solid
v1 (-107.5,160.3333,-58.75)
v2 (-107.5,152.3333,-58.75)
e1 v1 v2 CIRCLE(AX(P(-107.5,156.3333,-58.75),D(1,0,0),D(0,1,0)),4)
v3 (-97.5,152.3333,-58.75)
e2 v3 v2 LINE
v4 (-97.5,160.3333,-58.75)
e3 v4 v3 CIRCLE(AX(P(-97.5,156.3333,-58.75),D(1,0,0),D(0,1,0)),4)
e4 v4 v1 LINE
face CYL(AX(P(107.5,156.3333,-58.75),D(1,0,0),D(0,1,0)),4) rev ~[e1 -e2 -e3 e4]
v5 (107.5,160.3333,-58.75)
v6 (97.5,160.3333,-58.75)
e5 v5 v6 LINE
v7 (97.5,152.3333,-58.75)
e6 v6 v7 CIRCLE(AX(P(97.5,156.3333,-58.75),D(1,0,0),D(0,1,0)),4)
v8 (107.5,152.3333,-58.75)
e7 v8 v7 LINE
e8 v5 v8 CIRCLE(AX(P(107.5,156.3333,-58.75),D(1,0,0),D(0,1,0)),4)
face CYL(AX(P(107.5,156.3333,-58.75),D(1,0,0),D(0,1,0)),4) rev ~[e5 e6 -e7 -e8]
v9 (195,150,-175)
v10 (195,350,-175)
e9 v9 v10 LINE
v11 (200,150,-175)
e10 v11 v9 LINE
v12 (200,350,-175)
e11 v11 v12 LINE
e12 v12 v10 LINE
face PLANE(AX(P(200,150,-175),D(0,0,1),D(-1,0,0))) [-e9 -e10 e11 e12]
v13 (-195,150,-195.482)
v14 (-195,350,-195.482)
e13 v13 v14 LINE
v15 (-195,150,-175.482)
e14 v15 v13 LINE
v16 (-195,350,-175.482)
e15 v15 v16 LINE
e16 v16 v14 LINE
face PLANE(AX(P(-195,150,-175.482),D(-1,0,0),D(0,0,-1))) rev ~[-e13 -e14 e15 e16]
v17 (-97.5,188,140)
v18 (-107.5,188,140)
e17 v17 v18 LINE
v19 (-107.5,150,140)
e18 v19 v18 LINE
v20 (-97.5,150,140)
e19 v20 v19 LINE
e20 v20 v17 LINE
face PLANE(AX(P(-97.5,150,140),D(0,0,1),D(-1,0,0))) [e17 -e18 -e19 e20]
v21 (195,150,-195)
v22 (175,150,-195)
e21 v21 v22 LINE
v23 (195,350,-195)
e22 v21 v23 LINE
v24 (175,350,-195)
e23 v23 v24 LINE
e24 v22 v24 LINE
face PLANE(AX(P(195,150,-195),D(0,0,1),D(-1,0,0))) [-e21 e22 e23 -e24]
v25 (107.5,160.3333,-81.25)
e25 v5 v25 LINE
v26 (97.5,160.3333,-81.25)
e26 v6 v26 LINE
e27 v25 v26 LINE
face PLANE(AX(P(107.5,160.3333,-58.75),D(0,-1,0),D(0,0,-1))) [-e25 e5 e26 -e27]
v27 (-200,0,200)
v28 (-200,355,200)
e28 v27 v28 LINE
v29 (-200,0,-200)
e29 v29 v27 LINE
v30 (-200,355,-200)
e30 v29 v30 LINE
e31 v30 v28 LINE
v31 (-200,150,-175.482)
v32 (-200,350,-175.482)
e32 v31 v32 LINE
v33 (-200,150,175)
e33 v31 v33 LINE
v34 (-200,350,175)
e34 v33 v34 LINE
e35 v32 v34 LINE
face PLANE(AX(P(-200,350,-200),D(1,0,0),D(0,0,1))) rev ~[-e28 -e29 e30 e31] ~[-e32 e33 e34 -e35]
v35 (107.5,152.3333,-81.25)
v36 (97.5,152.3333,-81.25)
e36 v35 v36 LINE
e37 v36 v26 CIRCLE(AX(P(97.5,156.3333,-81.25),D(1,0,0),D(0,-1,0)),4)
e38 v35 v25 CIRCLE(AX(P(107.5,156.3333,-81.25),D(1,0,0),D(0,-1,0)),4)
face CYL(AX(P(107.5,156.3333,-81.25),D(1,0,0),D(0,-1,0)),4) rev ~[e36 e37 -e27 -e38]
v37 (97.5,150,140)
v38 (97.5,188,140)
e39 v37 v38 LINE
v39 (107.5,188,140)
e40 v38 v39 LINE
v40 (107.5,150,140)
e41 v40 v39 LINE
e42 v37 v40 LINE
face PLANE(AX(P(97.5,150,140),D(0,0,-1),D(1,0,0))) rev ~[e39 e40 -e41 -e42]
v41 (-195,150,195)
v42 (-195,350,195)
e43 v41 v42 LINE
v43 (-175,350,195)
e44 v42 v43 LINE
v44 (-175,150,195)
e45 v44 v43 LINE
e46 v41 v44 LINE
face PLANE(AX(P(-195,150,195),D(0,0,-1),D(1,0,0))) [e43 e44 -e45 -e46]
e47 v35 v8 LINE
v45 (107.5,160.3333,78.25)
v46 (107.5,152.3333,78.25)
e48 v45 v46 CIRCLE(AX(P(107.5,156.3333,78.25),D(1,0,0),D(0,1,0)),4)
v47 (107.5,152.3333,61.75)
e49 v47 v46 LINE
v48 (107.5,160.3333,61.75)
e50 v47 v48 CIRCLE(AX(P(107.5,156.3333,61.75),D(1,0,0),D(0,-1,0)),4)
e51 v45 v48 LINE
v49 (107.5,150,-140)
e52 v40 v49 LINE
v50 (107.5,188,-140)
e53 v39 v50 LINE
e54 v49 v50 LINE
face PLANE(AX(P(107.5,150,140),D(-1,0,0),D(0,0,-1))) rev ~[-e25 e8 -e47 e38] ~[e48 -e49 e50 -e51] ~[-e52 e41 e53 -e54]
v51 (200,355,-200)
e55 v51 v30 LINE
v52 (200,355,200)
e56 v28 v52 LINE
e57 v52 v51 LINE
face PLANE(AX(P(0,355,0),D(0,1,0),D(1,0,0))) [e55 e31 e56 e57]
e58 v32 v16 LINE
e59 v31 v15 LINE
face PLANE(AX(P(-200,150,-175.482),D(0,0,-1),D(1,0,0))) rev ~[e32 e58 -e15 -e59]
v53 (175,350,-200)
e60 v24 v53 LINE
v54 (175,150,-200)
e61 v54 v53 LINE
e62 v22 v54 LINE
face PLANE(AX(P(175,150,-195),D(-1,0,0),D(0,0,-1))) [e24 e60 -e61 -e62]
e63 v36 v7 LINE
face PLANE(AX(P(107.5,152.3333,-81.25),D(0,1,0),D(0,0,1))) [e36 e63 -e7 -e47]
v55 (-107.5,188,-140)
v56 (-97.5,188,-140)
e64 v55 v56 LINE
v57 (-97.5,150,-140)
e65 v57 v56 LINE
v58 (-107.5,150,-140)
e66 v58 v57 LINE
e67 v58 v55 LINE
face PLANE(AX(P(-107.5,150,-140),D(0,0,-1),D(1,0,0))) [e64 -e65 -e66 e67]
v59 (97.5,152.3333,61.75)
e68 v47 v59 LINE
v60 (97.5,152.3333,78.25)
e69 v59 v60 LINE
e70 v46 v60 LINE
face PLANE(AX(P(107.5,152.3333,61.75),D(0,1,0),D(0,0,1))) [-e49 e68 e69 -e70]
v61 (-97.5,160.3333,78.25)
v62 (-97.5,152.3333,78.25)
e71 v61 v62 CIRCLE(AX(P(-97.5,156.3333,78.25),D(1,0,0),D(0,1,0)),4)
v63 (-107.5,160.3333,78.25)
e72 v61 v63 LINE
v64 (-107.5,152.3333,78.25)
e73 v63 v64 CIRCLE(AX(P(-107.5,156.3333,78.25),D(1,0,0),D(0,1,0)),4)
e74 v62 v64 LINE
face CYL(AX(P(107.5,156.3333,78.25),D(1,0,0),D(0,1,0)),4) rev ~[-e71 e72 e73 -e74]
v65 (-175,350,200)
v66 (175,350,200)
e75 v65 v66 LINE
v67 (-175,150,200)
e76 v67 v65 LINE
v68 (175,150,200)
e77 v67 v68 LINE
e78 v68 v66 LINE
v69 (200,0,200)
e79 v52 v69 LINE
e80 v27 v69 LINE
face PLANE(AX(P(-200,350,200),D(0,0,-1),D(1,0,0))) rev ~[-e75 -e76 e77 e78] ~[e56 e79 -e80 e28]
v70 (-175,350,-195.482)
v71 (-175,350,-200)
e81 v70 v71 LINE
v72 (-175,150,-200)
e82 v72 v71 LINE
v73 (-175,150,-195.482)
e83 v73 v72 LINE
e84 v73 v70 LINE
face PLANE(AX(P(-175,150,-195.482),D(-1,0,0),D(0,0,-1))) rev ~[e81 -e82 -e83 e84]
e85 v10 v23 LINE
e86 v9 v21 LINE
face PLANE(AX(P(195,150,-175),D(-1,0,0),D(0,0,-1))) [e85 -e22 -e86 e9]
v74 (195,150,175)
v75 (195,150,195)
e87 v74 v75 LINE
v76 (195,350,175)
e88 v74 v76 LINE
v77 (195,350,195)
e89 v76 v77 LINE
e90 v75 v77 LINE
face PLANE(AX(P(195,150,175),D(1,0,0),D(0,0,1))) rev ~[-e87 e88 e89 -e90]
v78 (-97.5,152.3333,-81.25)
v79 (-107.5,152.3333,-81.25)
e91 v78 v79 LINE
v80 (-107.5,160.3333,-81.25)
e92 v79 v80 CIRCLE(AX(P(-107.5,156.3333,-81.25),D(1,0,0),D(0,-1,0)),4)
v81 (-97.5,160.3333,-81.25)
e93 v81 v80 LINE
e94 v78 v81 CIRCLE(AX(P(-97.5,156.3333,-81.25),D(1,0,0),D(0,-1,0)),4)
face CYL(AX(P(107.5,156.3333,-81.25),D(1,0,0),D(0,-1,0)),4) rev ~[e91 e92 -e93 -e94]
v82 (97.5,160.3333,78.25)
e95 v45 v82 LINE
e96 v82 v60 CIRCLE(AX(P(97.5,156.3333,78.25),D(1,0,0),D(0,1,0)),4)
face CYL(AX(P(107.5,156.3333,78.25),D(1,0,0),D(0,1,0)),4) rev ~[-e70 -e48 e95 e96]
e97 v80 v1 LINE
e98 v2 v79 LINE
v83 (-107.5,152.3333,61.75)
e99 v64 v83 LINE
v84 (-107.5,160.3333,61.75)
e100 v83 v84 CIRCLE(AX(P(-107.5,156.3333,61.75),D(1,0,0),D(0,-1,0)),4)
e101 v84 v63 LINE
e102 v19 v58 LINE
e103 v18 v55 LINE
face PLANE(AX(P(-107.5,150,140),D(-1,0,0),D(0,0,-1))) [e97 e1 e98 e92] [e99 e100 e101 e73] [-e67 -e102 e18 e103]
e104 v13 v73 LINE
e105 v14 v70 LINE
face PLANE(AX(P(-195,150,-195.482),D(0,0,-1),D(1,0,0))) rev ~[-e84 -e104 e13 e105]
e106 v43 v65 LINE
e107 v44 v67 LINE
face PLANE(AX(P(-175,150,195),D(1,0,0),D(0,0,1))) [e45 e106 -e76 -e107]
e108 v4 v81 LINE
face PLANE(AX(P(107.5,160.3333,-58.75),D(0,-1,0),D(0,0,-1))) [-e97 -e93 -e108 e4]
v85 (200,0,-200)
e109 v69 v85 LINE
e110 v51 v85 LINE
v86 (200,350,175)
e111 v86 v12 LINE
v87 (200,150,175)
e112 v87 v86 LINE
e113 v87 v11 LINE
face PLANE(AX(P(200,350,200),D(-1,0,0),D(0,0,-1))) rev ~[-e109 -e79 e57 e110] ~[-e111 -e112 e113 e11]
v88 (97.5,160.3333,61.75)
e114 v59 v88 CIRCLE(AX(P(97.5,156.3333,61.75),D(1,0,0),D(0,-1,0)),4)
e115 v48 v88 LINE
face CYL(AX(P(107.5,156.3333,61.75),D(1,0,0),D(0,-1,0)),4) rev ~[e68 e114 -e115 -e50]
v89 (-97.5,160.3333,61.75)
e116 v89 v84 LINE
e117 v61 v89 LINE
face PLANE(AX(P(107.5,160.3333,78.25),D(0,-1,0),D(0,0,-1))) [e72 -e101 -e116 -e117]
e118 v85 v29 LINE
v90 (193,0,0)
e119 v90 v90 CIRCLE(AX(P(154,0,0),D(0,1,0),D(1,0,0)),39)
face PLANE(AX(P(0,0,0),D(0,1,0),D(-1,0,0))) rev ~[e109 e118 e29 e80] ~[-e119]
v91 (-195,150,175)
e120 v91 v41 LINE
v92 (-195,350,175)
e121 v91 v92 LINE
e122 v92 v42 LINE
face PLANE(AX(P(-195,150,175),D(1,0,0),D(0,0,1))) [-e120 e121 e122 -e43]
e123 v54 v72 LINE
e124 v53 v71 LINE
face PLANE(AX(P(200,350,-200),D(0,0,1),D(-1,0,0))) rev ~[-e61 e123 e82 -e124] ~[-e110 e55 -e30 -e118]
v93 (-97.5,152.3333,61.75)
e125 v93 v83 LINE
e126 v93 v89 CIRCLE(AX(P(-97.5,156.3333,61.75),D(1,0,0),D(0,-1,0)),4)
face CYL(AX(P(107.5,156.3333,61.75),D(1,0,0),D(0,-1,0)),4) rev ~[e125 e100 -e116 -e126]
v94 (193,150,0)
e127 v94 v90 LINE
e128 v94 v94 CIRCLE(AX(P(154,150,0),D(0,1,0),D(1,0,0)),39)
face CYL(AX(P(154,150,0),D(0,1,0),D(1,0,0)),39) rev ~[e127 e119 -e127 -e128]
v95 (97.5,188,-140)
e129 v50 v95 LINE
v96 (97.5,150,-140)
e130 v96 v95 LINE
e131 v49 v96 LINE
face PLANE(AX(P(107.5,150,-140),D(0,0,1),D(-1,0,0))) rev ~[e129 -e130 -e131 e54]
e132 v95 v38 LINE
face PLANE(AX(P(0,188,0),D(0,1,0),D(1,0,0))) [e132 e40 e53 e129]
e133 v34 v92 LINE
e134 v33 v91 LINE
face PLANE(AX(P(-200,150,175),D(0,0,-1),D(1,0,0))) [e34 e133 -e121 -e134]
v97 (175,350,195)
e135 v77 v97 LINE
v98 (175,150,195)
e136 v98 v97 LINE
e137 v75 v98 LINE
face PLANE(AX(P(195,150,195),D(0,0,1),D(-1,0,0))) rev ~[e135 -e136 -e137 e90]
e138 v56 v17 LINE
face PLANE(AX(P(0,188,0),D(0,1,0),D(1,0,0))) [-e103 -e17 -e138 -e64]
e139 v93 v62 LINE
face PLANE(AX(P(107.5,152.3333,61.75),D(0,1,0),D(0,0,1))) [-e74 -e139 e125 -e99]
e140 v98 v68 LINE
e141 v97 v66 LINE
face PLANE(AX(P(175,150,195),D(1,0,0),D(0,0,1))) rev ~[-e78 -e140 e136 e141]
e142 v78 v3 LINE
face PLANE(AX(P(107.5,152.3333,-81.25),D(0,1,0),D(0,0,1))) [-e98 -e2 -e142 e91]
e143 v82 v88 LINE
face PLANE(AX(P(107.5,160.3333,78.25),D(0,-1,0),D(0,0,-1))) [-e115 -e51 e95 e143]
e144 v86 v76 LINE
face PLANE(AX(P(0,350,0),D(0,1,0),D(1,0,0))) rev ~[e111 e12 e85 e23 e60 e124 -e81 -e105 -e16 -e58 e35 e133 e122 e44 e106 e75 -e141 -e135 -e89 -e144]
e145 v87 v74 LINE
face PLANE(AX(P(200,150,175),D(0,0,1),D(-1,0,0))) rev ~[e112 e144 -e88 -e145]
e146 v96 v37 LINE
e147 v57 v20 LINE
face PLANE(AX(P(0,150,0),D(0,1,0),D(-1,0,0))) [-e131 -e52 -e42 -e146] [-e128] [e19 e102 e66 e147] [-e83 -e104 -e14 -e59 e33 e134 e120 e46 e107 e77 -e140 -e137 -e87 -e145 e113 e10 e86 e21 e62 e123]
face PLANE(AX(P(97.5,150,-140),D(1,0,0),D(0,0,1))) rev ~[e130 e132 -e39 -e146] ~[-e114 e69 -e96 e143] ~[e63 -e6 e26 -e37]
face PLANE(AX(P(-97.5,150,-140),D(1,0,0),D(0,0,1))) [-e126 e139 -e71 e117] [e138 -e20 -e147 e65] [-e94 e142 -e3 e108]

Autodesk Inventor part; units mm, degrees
ref_plane "YZ Plane" through (0, 0, 0) normal (1, 0, 0) x (0, 1, 0)
ref_plane "XZ Plane" through (0, 0, 0) normal (0, 1, 0) x (-1, 0, 0)
ref_plane "XY Plane" through (0, 0, 0) normal (0, 0, 1) x (1, 0, 0)
sketch "Boceto1" plane through (0, 0, 0) normal (0, 1, 0) x (-1, 0, 0)
  line L0 (200, 200) -> (-200, 200)
  line L1 (-200, 200) -> (-200, -200)
  line L2 (-200, -200) -> (200, -200)
  line L3 (200, -200) -> (200, 200)
  point P0 (0, 0)
  dimension "d0" = 400
  dimension "L" = 400
  dimension "d2" = 200
  dimension "d3" = 200
extrude "Extrusión1" add sketch "Boceto1" along normal blind 150
sketch "Boceto3" plane through (0, 150, 0) normal (0, 1, 0) x (1, 0, 0)
  circle A0 centre (0, -121) radius 39
  line L0 (200, 200) -> (-200, 200) projected
  line L1 (-200, -200) -> (200, -200) projected
  point P0 (0, 0)
  dimension "D" = 78
  dimension "d27" = 79
extrude "Extrusión2" [suppressed]
ref_plane "Plano de trabajo1" through (0, 0, 200) normal (1, 0, 0) x (0, 0, -1)
ref_plane "Plano de trabajo2" through (-200, 0, 0) normal (0, 0, 1) x (1, 0, 0)
sketch "Boceto4" plane through (0, 150, 0) normal (0, 1, 0) x (1, 0, 0)
  line L0 (-97.5, 140) -> (-97.5, -140)
  line L1 (97.5, 140) -> (97.5, -140)
  line L2 (200, 200) -> (-200, 200) projected
  circle A0 centre (0, -121) radius 39 projected
  line L3 (-200, -200) -> (200, -200) projected
  line L4 (-97.5, -140) -> (-107.5, -140)
  line L5 (-107.5, -140) -> (-107.5, 140)
  line L6 (-107.5, 140) -> (-97.5, 140)
  line L7 (-97.5, 140) -> (-97.5, -140)
  line L8 (97.5, -140) -> (107.5, -140)
  line L9 (107.5, -140) -> (107.5, 140)
  line L10 (107.5, 140) -> (97.5, 140)
  line L11 (97.5, 140) -> (97.5, -140)
  point P0 (0, 0)
  dimension "Lriel" = 280
  dimension "d13" = 60
  dimension "d14" = 280
  dimension "d15" = 60
  dimension "d19" = 10
  dimension "d20" = 280
  dimension "d21" = 97.5
  dimension "d22" = 10
  dimension "d23" = 280
  dimension "d24" = 97.5
extrude "Extrusión3" add sketch "Boceto4" along normal blind 38 contours L0 L4 L5 L6 | L10 L9 L8 L1
sketch "Boceto5" plane through (0, 150, 0) normal (0, 1, 0) x (1, 0, 0)
  line L0 (-200, 200) -> (-200, -200) projected
  line L1 (-200, 200) -> (-200, 175)
  line L2 (-200, 175.482) -> (-195, 175.482)
  line L3 (-195, 175.482) -> (-195, 195.482)
  line L4 (-195, 195.482) -> (-175, 195.482)
  line L5 (-175, 195.482) -> (-175, 200)
  line L6 (200, 200) -> (-200, 200) projected
  line L7 (-200, 200) -> (-175, 200)
  line L8 (-200, -200) -> (-200, -175)
  line L9 (-200, -175) -> (-195, -175)
  line L10 (-195, -175) -> (-195, -195)
  line L11 (-195, -195) -> (-175, -195)
  line L12 (-175, -195) -> (-175, -200)
  line L13 (-200, -200) -> (200, -200) projected
  line L14 (-175, -200) -> (-200, -200)
  line L15 (200, -200) -> (200, 200) projected
  line L16 (200, -200) -> (200, -175)
  line L17 (200, -175) -> (195, -175)
  line L18 (195, -175) -> (195, -195)
  line L19 (195, -195) -> (175, -195)
  line L20 (175, -195) -> (175, -200)
  line L21 (200, -200) -> (175, -200)
  line L22 (200, 200) -> (200, 175)
  line L23 (200, 175) -> (195, 175)
  line L24 (195, 175) -> (195, 195)
  line L25 (195, 195) -> (175, 195)
  line L26 (175, 195) -> (175, 200)
  line L27 (200, 200) -> (175, 200)
  point P0 (0, 0)
  dimension "d28" = 25
  dimension "d29" = 5
  dimension "d30" = 20
  dimension "d31" = 20
  dimension "d32" = 25
  dimension "d33" = 5
  dimension "d34" = 20
  dimension "d35" = 20
  dimension "d36" = 25
  dimension "d37" = 5
  dimension "d38" = 20
  dimension "d39" = 20
  dimension "d40" = 25
  dimension "d41" = 5
  dimension "d42" = 20
  dimension "d43" = 20
extrude "Extrusión4" add sketch "Boceto5" along normal blind 200 contours L6 L5 L4 L3 L2 L0 | L6 L15 L23 L24 L25 L26 | L9 L10 L11 L12 L13 L0 | L15 L13 L20 L19 L18 L17
sketch "Boceto6" plane through (0, 350, 0) normal (0, 1, 0) x (1, 0, 0)
  line L0 (-200, 200) -> (-200, -200) projected
  line L1 (-200, -200) -> (200, -200)
  line L2 (200, -200) -> (200, 200)
  line L3 (200, 200) -> (-200, 200)
  line L4 (-200, 200) -> (-200, -200)
  point P0 (0, 0)
extrude "Extrusión5" add sketch "Boceto6" along normal blind 5
sketch "Boceto7" plane through (0, 150, 0) normal (0, 1, 0) x (1, 0, 0)
  line L0 (-200, 200) -> (-200, -200) projected
  line L1 (200, 200) -> (-200, 200) projected
  line L2 (200, -200) -> (200, 200) projected
  line L3 (-200, -200) -> (200, -200) projected
  circle A0 centre (154, 0) radius 39
  point P0 (0, 0)
  dimension "d48" = 78
  dimension "d49" = 200
  dimension "d50" = 46
extrude "Extrusión6" cut sketch "Boceto7" against normal blind 200.5 contours A0
sketch "Boceto8" plane through (107.5, 150, 140) normal (1, 0, 0) x (0, 0, -1)
  line L0 (61.75, 6.3333) -> (78.25, 6.3333) construction
  line L1 (61.75, 10.3333) -> (78.25, 10.3333)
  line L2 (78.25, 2.3333) -> (61.75, 2.3333)
  arc A0 (61.75, 10.3333) -> (61.75, 2.3333) centre (61.75, 6.3333) ccw
  arc A1 (78.25, 2.3333) -> (78.25, 10.3333) centre (78.25, 6.3333) ccw
  line L3 (0, 38) -> (280, 38) projected
  line L4 (0, 0) -> (0, 38) projected
  line L5 (198.75, 6.3333) -> (221.25, 6.3333) construction
  line L6 (315.482, 0) -> (-35, 0) projected
  line L7 (198.75, 10.3333) -> (221.25, 10.3333)
  line L8 (221.25, 2.3333) -> (198.75, 2.3333)
  arc A2 (198.75, 10.3333) -> (198.75, 2.3333) centre (198.75, 6.3333) ccw
  arc A3 (221.25, 2.3333) -> (221.25, 10.3333) centre (221.25, 6.3333) ccw
  line L9 (280, 0) -> (280, 38) projected
  point P0 (140, -150)
  point P1 (70, 6.3333)
  point P2 (210, 6.3333)
  dimension "d53" = 31.6667
  dimension "d54" = 70
  dimension "d55" = 4
  dimension "d56" = 31.6667
  dimension "d57" = 4
  dimension "d58" = 70
extrude "Extrusión7" cut sketch "Boceto8" against normal blind 251.25 contours L1 A1 L2 A0 | L7 A3 L8 A2
equation "\"d0\" = L"
equation "\"d2\" = 0.5 * L"
equation "\"d3\" = 0.5 * L"
equation "\"d14\" = Lriel"
properties part number "CajaBoya"
